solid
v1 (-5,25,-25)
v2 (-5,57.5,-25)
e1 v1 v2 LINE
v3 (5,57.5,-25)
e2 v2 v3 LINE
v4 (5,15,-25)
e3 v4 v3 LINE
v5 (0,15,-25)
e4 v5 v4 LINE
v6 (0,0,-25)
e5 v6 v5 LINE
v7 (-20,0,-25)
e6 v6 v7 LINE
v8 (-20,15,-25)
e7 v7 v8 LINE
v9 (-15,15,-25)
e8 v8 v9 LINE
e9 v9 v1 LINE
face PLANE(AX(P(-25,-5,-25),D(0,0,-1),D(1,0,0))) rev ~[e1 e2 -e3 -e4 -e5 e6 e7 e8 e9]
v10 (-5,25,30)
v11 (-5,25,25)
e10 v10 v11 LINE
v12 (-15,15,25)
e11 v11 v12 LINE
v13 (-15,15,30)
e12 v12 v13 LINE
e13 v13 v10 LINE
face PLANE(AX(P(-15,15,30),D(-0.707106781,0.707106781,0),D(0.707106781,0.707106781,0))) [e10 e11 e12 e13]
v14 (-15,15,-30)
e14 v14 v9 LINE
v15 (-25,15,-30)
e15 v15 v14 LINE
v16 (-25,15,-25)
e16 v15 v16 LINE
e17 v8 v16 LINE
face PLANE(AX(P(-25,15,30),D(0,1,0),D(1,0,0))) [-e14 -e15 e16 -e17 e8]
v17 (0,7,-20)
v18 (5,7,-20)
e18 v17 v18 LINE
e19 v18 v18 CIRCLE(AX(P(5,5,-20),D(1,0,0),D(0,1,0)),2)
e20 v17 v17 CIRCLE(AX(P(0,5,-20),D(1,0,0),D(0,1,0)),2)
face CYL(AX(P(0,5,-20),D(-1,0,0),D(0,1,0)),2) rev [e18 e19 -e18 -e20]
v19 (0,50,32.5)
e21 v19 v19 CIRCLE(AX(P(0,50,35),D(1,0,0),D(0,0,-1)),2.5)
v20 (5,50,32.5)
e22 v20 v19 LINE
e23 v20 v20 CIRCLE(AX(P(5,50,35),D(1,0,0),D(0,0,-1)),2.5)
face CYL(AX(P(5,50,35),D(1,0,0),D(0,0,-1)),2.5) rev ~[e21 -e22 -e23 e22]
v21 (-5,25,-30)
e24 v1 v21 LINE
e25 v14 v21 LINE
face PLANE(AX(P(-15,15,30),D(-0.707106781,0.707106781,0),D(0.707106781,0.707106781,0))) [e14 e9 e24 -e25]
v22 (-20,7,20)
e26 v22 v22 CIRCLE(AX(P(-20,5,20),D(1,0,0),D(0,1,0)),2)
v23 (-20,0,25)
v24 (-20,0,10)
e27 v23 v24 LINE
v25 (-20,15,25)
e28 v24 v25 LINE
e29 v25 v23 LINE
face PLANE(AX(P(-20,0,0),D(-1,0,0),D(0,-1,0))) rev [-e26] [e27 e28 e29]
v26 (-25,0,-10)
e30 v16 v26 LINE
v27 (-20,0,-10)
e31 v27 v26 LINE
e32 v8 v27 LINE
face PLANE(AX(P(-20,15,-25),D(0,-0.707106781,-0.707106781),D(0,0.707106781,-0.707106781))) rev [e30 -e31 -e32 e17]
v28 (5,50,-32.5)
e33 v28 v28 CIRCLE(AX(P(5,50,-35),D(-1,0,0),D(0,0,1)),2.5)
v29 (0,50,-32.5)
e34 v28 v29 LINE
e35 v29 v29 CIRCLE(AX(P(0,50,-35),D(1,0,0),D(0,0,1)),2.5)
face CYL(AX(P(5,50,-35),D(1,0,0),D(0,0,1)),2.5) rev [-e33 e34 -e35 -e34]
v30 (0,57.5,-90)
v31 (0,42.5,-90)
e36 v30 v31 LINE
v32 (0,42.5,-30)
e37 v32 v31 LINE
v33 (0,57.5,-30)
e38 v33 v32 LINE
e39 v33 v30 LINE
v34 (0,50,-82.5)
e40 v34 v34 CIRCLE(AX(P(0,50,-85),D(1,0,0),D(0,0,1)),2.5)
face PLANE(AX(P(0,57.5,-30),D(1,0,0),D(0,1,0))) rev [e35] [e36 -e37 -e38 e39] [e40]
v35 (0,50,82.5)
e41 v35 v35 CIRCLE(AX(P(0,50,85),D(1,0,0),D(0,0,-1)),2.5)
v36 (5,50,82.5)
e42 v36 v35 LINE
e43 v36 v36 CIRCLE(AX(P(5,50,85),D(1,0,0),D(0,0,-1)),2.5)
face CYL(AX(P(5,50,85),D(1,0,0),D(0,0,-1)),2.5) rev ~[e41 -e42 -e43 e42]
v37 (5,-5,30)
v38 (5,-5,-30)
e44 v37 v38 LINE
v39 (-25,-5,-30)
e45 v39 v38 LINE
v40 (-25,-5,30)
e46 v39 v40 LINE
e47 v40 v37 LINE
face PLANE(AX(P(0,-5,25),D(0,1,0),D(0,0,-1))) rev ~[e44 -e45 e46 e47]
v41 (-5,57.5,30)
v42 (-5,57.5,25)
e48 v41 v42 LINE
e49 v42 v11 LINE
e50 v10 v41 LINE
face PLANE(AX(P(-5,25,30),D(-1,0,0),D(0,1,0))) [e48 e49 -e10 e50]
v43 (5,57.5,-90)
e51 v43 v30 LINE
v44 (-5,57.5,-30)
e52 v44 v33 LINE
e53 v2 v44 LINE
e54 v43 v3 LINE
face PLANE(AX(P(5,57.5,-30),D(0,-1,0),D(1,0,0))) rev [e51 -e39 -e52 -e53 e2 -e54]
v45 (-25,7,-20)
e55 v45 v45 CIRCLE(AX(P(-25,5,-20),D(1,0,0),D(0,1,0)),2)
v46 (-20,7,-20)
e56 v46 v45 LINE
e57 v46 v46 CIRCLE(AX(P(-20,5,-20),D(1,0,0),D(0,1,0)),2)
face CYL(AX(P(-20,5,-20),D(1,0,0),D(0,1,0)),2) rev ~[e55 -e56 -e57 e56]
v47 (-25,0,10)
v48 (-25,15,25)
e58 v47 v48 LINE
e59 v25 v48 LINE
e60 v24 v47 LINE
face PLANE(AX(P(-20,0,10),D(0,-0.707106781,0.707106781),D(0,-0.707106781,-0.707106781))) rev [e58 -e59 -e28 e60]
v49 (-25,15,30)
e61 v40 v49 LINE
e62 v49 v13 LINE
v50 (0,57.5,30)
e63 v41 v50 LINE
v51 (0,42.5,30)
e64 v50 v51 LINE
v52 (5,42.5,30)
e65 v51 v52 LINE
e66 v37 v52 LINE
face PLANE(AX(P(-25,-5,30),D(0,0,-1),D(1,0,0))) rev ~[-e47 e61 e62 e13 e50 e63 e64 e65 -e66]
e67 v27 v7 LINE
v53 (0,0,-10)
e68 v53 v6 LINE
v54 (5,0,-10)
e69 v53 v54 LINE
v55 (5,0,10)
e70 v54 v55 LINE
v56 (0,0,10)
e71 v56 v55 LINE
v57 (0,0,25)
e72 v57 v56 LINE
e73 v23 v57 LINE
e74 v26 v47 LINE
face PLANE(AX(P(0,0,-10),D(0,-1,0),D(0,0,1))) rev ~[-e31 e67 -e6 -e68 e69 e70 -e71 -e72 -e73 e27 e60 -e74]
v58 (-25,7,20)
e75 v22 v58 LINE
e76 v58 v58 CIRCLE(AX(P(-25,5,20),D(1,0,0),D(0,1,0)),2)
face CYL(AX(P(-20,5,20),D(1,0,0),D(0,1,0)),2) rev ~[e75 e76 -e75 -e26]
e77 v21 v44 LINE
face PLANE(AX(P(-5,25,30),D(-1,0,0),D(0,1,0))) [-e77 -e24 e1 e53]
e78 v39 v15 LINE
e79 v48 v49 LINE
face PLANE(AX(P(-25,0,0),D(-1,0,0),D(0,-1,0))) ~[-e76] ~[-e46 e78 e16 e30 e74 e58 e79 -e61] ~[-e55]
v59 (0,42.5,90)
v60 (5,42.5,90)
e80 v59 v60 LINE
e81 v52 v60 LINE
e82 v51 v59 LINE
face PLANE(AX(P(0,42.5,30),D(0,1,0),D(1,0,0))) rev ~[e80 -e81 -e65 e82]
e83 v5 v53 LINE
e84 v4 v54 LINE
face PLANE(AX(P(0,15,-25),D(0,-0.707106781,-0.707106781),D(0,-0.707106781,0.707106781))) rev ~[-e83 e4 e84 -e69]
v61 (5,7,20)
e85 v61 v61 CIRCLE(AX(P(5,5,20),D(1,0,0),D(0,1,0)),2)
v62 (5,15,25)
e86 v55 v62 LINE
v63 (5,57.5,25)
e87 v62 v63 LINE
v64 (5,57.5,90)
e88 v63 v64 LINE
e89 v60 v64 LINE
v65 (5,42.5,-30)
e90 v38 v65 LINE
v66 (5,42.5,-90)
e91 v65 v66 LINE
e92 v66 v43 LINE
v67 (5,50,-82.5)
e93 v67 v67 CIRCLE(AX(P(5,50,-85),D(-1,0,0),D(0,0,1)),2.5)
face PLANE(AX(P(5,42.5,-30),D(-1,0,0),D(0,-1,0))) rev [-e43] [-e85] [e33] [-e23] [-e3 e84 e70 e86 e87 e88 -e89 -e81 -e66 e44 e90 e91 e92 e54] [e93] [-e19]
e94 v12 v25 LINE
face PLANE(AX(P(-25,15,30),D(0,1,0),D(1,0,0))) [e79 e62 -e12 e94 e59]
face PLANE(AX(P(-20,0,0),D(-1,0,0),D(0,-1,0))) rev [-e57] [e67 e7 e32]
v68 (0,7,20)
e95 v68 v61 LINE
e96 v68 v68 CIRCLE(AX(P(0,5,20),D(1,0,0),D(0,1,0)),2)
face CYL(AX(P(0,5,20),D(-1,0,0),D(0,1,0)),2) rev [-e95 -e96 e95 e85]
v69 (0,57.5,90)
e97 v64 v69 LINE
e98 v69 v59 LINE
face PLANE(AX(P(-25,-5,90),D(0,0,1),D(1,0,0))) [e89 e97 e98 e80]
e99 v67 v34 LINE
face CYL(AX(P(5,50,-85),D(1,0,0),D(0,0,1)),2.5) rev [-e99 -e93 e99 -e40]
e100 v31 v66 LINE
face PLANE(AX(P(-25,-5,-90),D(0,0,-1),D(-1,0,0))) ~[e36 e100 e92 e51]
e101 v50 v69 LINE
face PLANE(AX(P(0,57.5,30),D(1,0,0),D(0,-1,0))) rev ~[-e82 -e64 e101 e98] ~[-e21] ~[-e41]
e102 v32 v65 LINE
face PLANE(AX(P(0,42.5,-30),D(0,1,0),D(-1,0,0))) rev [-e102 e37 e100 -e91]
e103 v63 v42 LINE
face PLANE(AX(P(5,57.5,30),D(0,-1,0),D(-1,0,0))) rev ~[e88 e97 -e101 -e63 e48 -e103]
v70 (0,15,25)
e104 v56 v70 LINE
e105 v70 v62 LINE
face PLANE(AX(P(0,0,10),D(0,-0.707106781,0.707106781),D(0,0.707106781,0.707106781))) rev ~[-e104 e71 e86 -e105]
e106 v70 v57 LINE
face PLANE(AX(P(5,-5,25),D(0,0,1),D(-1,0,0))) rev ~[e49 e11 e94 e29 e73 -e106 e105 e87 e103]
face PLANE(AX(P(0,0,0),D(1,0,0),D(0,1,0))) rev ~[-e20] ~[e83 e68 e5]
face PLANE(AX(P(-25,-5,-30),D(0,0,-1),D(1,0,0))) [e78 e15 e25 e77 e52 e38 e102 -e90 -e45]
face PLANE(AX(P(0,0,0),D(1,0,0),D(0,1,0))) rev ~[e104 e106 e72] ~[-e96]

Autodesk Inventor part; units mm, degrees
ref_plane "YZ Plane" through (0, 0, 0) normal (1, 0, 0) x (0, 1, 0)
ref_plane "XZ Plane" through (0, 0, 0) normal (0, 1, 0) x (-1, 0, 0)
ref_plane "XY Plane" through (0, 0, 0) normal (0, 0, 1) x (1, 0, 0)
sketch "Sketch1" plane through (0, 0, 0) normal (1, 0, 0) x (0, 1, 0)
  line L0 (15, 25) -> (-5, 25)
  line L1 (-5, 25) -> (-5, -25)
  line L2 (-5, -25) -> (15, -25)
  line L3 (15, -25) -> (0, -10)
  line L4 (0, -10) -> (0, 10)
  line L5 (0, 10) -> (15, 25)
  line L6 (0, 0) -> (-5, 0) construction
  circle A0 centre (5, -20) radius 2
  circle A1 centre (5, 20) radius 2
  dimension "d0" = 50
  dimension "d1" = 45
  dimension "d2" = 5
  dimension "d4" = 40
  dimension "d5" = 4
  dimension "d6" = 20
  dimension "d7" = 5
  dimension "d8" = 15
extrude "Extrusion1" add sketch "Sketch1" along normal blind 5
sketch "Sketch2" plane through (0, 0, 0) normal (-1, 0, 0) x (0, 0, 1)
  line L0 (25, -5) -> (-25, -5) projected
  line L1 (-25, -5) -> (25, -5)
  line L2 (25, -5) -> (25, 0)
  line L3 (25, 0) -> (-25, 0)
  line L4 (-25, 0) -> (-25, -5)
  point P0 (0, 0)
extrude "Extrusion2" add sketch "Sketch2" along normal blind 10
mirror "Mirror1" about plane through (-10, -2.5, 0) normal (-1, 0, 0)
sketch "Sketch5" plane through (5, -5, -25) normal (0, -1, 0) x (1, 0, 0)
  line L0 (0, 50) -> (0, 0) construction
  line L1 (0, 50) -> (-30, 50)
  line L2 (-30, 50) -> (-30, 55)
  line L3 (-30, 55) -> (0, 55)
  line L4 (0, 55) -> (0, 50)
  line L5 (-30, 0) -> (0, 0) projected
  line L6 (0, 0) -> (-30, 0)
  line L7 (-30, 0) -> (-30, -5)
  line L8 (-30, -5) -> (0, -5)
  line L9 (0, -5) -> (0, 0)
  line L10 (-30, 50) -> (-30, 0) construction
  point P0 (-5, 25)
  dimension "d19" = 5
extrude "Extrusion5" add sketch "Sketch5" against normal blind 62.5
sketch "Sketch6" plane through (-25, -5, 30) normal (0, 0, 1) x (1, 0, 0)
  line L0 (30, 62.5) -> (25, 62.5)
  line L1 (25, 62.5) -> (25, 47.5)
  line L2 (25, 47.5) -> (30, 47.5)
  line L3 (30, 47.5) -> (30, 62.5)
  line L4 (30, 0) -> (30, 62.5) construction
  dimension "d25" = 5
  dimension "d26" = 15
extrude "Extrusion6" add sketch "Sketch6" along normal blind 60
sketch "Sketch8" plane through (5, 0, 0) normal (1, 0, 0) x (0, 0, -1)
  line L0 (-30, 42.5) -> (-30, 57.5) construction
  line L1 (-30, 50) -> (-90, 50) construction
  line L2 (-90, 42.5) -> (-90, 57.5) construction
  circle A0 centre (-85, 50) radius 2.5
  circle A1 centre (-35, 50) radius 2.5
  point P0 (0, 0)
  dimension "d31" = 5
  dimension "d32" = 5
  dimension "d33" = 5
extrude "Extrusion8" cut sketch "Sketch8" against normal blind 10
mirror "Mirror2" about plane through (0, 0, 0) normal (0, 0, 1) of "Extrusion6", "Extrusion8"
sketch "Sketch7" plane through (-25, -5, 30) normal (0, 0, 1) x (1, 0, 0)
  line L0 (0, 62.5) -> (25, 62.5) construction
  line L1 (0, 0) -> (0, 62.5) construction
  line L2 (0, 62.5) -> (0, 20)
  line L3 (0, 20) -> (0, 62.5) projected
  line L4 (0, 20) -> (10, 20)
  line L5 (10, 20) -> (20, 30)
  line L6 (0, 20) -> (0, 62.5) projected
  line L7 (0, 62.5) -> (20, 62.5)
  line L8 (20, 30) -> (20, 62.5)
  line L9 (30, 62.5) -> (0, 62.5) construction
  line L10 (25, 47.5) -> (25, 62.5) projected
  point P0 (25, 5)
  dimension "d38" = 5
  dimension "d39" = 45
  dimension "d40" = 10
extrude "Extrusion7" cut sketch "Sketch7" along normal through all both and the other way through all
sketch "Sketch3" plane through (0, 0, 10) normal (0, 1, 0) x (1, 0, 0)
  line L0 (-20, 0) -> (-20, -15) construction
  line L1 (0, 20) -> (5, 20) construction
  line L2 (-20, 0) -> (0, 20) construction
  line L3 (-20, 35) -> (-20, 20) construction
  line L4 (0, 0) -> (5, 0) construction
  line L5 (-20, 20) -> (0, 0) construction
  circle A0 centre (-10, 10) radius 3
  point P0 (0, 10)
  dimension "d13" = 6
sketch "Sketch4" plane through (0, 0, 10) normal (0, 1, 0) x (1, 0, 0)
  circle A0 centre (-10, 10) radius 3 projected
  circle A1 centre (-10, 10) radius 2
  point P0 (0, 10)
  dimension "d16" = 4
equation "\"d6\" = 0.5 * d4"
equation "\"d7\" = 0.333333 * d8"
properties part number "upper fan mount"
